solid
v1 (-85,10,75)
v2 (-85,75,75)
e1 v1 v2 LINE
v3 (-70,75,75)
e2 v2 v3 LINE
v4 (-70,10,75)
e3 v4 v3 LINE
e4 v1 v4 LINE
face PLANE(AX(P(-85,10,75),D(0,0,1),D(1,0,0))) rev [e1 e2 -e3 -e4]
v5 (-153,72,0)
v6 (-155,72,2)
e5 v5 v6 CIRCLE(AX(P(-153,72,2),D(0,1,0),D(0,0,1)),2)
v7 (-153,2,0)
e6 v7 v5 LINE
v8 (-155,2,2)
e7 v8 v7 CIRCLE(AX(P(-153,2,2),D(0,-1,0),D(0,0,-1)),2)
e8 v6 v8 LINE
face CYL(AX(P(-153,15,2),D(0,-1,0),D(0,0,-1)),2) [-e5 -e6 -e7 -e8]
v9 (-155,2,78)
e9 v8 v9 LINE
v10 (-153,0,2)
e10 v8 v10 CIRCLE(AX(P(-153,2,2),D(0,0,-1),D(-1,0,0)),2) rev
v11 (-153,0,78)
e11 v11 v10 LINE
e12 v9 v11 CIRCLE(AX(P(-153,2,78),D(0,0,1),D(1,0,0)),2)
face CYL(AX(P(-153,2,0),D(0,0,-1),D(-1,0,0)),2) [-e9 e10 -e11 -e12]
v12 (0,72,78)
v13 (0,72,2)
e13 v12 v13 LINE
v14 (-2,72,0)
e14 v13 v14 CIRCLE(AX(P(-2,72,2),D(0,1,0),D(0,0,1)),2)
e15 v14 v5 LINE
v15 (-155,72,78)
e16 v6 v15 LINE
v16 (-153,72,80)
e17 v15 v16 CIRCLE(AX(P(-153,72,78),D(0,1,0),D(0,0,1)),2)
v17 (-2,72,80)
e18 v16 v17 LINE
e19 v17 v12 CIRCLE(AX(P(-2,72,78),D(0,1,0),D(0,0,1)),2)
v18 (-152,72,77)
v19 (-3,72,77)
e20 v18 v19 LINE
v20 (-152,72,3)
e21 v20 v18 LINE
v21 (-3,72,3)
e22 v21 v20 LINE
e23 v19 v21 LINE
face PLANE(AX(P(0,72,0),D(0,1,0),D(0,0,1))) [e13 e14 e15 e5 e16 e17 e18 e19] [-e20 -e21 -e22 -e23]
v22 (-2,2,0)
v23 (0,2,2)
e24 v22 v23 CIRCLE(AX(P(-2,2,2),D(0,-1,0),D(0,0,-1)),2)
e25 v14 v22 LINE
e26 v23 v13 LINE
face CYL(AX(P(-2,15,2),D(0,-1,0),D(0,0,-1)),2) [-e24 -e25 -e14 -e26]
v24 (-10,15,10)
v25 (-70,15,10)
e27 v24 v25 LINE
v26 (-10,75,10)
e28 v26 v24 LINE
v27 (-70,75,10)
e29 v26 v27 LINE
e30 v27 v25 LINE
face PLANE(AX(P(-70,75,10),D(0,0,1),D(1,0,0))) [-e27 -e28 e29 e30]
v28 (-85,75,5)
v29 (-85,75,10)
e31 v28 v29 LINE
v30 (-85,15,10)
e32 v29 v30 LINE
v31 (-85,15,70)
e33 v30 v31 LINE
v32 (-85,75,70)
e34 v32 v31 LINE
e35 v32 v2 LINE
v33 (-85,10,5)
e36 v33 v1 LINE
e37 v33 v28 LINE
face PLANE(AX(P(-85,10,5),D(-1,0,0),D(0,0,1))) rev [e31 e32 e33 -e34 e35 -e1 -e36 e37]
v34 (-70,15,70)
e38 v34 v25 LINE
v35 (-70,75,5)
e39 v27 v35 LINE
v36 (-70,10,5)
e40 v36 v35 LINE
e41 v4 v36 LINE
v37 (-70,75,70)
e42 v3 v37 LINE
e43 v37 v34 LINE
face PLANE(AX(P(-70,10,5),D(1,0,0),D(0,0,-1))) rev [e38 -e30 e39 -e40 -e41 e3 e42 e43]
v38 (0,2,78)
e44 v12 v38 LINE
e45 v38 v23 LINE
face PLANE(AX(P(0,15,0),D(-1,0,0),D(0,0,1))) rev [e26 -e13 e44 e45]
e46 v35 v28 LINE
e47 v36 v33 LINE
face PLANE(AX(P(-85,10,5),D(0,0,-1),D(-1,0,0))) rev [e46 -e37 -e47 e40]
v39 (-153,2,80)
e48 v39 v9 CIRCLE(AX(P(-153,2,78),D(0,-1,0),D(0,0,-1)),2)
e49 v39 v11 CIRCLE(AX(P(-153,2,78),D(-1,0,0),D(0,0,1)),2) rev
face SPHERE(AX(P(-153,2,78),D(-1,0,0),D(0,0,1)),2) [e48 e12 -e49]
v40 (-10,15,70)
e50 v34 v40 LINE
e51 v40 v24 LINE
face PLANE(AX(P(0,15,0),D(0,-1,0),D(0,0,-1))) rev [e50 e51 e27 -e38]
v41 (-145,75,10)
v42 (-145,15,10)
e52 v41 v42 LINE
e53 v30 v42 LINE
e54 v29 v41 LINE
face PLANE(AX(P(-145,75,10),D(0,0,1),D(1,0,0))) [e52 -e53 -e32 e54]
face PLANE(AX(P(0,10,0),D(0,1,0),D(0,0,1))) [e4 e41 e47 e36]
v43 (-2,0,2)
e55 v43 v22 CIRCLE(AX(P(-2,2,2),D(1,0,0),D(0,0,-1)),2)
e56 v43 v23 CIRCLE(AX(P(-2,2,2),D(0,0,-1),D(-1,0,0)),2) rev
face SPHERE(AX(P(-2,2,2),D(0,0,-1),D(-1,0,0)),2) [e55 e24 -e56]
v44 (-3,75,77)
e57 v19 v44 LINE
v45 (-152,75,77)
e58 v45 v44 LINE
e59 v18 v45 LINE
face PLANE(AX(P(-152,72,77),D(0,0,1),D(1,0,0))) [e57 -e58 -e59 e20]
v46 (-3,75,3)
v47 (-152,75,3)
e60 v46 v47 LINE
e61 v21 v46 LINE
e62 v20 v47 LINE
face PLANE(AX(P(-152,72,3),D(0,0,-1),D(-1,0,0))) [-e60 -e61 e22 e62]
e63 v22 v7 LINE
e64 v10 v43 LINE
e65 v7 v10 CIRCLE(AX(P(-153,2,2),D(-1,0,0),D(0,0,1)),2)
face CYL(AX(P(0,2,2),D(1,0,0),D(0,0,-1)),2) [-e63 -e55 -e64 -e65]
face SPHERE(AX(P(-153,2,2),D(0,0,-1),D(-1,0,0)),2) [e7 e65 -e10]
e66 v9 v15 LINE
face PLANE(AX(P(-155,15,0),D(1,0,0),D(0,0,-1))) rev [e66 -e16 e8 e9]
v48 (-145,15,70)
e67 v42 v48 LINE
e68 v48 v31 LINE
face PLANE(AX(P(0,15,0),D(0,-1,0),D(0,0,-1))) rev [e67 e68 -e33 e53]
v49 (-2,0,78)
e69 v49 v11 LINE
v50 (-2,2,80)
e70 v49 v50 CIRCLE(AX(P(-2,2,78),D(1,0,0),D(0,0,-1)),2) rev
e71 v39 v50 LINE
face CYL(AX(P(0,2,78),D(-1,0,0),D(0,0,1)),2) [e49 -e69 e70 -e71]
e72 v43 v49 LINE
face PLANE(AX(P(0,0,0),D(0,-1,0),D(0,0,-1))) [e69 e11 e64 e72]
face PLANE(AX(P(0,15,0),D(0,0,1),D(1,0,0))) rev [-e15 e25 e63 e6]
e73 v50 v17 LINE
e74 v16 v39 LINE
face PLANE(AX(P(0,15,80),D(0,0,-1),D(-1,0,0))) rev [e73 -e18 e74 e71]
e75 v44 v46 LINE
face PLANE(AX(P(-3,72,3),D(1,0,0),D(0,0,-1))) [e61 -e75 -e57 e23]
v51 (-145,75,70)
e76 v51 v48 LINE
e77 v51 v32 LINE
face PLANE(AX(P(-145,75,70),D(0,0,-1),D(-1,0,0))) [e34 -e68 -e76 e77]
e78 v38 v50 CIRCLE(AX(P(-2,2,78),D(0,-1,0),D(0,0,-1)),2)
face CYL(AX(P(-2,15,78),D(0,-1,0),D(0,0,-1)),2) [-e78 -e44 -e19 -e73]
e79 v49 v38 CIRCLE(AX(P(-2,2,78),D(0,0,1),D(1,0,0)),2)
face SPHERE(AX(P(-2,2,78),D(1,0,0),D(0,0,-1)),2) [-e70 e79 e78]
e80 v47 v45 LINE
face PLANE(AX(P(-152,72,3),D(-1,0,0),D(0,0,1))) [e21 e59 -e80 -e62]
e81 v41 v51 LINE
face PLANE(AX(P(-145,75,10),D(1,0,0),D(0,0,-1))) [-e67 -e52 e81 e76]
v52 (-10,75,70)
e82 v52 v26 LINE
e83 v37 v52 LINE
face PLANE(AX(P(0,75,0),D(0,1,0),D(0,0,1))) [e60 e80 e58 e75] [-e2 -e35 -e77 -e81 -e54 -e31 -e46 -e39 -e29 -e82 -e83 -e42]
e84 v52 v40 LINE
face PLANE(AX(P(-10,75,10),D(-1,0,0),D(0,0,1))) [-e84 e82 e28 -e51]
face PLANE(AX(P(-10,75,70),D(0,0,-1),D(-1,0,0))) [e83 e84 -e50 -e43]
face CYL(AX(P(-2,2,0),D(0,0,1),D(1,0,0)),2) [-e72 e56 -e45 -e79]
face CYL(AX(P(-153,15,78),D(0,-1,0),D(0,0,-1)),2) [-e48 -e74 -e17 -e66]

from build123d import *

# Parameters (mm, degrees)
SKETCH2_W           = 155
SKETCH2_H           = 80
BOSS_EXTRUDE1_DEPTH = 15
SKETCH3_W           = 15
SKETCH3_H           = 70
CUT_EXTRUDE1_DEPTH  = 5
SKETCH4_W           = 155
SKETCH4_H           = 80
BOSS_EXTRUDE3_DEPTH = 60
SKETCH5_W           = 155
SKETCH5_H           = 80
SKETCH5_W_2         = 149
SKETCH5_H_2         = 74
CUT_EXTRUDE2_DEPTH  = 3
FILLET1_R           = 2


with BuildPart() as part:
    # Sketch2 → Boss-Extrude1 (new body)
    with BuildSketch(Plane(origin=(0, 0, 0), x_dir=(1, 0, 0), z_dir=(0, 1, 0))):
        with Locations((-77.5, -40)):
            Rectangle(SKETCH2_W, SKETCH2_H)
    extrude(amount=BOSS_EXTRUDE1_DEPTH)

    # Sketch3 → Cut-Extrude1 (cut)
    with BuildSketch(Plane(origin=(0, 15, 0), x_dir=(1, 0, 0), z_dir=(0, 1, 0))):
        with Locations((-77.5, -40)):
            Rectangle(SKETCH3_W, SKETCH3_H)
    extrude(amount=-CUT_EXTRUDE1_DEPTH, mode=Mode.SUBTRACT)

    # Sketch4 → Boss-Extrude3 (add)
    with BuildSketch(Plane(origin=(0, 15, 0), x_dir=(1, 0, 0), z_dir=(0, 1, 0))):
        with Locations((-77.5, -40)):
            Rectangle(SKETCH4_W, SKETCH4_H)
        Polygon((-145, -10), (-145, -70), (-85, -70), (-85, -75), (-70, -75), (-70, -70), (-10, -70), (-10, -10), (-70, -10), (-70, -5), (-85, -5), (-85, -10), align=None, mode=Mode.SUBTRACT)
    extrude(amount=BOSS_EXTRUDE3_DEPTH)

    # Sketch5 → Cut-Extrude2 (cut)
    with BuildSketch(Plane(origin=(0, 75, 0), x_dir=(1, 0, 0), z_dir=(0, 1, 0))):
        with Locations((-77.5, -40)):
            Rectangle(SKETCH5_W, SKETCH5_H)
        with Locations((-77.5, -40)):
            Rectangle(SKETCH5_W_2, SKETCH5_H_2, mode=Mode.SUBTRACT)
    extrude(amount=-CUT_EXTRUDE2_DEPTH, mode=Mode.SUBTRACT)

    # Fillet1
    fillet1_edges = [part.edges().sort_by_distance(p)[0] for p in [
        (-77.5, 0, 80),
        (-155, 0, 40),
        (-77.5, 0, 0),
        (0, 0, 40),
        (0, 36, 0),
        (0, 36, 80),
        (-155, 36, 0),
        (-155, 36, 80),
    ]]
    fillet(fillet1_edges, radius=FILLET1_R)


solid = part.part
